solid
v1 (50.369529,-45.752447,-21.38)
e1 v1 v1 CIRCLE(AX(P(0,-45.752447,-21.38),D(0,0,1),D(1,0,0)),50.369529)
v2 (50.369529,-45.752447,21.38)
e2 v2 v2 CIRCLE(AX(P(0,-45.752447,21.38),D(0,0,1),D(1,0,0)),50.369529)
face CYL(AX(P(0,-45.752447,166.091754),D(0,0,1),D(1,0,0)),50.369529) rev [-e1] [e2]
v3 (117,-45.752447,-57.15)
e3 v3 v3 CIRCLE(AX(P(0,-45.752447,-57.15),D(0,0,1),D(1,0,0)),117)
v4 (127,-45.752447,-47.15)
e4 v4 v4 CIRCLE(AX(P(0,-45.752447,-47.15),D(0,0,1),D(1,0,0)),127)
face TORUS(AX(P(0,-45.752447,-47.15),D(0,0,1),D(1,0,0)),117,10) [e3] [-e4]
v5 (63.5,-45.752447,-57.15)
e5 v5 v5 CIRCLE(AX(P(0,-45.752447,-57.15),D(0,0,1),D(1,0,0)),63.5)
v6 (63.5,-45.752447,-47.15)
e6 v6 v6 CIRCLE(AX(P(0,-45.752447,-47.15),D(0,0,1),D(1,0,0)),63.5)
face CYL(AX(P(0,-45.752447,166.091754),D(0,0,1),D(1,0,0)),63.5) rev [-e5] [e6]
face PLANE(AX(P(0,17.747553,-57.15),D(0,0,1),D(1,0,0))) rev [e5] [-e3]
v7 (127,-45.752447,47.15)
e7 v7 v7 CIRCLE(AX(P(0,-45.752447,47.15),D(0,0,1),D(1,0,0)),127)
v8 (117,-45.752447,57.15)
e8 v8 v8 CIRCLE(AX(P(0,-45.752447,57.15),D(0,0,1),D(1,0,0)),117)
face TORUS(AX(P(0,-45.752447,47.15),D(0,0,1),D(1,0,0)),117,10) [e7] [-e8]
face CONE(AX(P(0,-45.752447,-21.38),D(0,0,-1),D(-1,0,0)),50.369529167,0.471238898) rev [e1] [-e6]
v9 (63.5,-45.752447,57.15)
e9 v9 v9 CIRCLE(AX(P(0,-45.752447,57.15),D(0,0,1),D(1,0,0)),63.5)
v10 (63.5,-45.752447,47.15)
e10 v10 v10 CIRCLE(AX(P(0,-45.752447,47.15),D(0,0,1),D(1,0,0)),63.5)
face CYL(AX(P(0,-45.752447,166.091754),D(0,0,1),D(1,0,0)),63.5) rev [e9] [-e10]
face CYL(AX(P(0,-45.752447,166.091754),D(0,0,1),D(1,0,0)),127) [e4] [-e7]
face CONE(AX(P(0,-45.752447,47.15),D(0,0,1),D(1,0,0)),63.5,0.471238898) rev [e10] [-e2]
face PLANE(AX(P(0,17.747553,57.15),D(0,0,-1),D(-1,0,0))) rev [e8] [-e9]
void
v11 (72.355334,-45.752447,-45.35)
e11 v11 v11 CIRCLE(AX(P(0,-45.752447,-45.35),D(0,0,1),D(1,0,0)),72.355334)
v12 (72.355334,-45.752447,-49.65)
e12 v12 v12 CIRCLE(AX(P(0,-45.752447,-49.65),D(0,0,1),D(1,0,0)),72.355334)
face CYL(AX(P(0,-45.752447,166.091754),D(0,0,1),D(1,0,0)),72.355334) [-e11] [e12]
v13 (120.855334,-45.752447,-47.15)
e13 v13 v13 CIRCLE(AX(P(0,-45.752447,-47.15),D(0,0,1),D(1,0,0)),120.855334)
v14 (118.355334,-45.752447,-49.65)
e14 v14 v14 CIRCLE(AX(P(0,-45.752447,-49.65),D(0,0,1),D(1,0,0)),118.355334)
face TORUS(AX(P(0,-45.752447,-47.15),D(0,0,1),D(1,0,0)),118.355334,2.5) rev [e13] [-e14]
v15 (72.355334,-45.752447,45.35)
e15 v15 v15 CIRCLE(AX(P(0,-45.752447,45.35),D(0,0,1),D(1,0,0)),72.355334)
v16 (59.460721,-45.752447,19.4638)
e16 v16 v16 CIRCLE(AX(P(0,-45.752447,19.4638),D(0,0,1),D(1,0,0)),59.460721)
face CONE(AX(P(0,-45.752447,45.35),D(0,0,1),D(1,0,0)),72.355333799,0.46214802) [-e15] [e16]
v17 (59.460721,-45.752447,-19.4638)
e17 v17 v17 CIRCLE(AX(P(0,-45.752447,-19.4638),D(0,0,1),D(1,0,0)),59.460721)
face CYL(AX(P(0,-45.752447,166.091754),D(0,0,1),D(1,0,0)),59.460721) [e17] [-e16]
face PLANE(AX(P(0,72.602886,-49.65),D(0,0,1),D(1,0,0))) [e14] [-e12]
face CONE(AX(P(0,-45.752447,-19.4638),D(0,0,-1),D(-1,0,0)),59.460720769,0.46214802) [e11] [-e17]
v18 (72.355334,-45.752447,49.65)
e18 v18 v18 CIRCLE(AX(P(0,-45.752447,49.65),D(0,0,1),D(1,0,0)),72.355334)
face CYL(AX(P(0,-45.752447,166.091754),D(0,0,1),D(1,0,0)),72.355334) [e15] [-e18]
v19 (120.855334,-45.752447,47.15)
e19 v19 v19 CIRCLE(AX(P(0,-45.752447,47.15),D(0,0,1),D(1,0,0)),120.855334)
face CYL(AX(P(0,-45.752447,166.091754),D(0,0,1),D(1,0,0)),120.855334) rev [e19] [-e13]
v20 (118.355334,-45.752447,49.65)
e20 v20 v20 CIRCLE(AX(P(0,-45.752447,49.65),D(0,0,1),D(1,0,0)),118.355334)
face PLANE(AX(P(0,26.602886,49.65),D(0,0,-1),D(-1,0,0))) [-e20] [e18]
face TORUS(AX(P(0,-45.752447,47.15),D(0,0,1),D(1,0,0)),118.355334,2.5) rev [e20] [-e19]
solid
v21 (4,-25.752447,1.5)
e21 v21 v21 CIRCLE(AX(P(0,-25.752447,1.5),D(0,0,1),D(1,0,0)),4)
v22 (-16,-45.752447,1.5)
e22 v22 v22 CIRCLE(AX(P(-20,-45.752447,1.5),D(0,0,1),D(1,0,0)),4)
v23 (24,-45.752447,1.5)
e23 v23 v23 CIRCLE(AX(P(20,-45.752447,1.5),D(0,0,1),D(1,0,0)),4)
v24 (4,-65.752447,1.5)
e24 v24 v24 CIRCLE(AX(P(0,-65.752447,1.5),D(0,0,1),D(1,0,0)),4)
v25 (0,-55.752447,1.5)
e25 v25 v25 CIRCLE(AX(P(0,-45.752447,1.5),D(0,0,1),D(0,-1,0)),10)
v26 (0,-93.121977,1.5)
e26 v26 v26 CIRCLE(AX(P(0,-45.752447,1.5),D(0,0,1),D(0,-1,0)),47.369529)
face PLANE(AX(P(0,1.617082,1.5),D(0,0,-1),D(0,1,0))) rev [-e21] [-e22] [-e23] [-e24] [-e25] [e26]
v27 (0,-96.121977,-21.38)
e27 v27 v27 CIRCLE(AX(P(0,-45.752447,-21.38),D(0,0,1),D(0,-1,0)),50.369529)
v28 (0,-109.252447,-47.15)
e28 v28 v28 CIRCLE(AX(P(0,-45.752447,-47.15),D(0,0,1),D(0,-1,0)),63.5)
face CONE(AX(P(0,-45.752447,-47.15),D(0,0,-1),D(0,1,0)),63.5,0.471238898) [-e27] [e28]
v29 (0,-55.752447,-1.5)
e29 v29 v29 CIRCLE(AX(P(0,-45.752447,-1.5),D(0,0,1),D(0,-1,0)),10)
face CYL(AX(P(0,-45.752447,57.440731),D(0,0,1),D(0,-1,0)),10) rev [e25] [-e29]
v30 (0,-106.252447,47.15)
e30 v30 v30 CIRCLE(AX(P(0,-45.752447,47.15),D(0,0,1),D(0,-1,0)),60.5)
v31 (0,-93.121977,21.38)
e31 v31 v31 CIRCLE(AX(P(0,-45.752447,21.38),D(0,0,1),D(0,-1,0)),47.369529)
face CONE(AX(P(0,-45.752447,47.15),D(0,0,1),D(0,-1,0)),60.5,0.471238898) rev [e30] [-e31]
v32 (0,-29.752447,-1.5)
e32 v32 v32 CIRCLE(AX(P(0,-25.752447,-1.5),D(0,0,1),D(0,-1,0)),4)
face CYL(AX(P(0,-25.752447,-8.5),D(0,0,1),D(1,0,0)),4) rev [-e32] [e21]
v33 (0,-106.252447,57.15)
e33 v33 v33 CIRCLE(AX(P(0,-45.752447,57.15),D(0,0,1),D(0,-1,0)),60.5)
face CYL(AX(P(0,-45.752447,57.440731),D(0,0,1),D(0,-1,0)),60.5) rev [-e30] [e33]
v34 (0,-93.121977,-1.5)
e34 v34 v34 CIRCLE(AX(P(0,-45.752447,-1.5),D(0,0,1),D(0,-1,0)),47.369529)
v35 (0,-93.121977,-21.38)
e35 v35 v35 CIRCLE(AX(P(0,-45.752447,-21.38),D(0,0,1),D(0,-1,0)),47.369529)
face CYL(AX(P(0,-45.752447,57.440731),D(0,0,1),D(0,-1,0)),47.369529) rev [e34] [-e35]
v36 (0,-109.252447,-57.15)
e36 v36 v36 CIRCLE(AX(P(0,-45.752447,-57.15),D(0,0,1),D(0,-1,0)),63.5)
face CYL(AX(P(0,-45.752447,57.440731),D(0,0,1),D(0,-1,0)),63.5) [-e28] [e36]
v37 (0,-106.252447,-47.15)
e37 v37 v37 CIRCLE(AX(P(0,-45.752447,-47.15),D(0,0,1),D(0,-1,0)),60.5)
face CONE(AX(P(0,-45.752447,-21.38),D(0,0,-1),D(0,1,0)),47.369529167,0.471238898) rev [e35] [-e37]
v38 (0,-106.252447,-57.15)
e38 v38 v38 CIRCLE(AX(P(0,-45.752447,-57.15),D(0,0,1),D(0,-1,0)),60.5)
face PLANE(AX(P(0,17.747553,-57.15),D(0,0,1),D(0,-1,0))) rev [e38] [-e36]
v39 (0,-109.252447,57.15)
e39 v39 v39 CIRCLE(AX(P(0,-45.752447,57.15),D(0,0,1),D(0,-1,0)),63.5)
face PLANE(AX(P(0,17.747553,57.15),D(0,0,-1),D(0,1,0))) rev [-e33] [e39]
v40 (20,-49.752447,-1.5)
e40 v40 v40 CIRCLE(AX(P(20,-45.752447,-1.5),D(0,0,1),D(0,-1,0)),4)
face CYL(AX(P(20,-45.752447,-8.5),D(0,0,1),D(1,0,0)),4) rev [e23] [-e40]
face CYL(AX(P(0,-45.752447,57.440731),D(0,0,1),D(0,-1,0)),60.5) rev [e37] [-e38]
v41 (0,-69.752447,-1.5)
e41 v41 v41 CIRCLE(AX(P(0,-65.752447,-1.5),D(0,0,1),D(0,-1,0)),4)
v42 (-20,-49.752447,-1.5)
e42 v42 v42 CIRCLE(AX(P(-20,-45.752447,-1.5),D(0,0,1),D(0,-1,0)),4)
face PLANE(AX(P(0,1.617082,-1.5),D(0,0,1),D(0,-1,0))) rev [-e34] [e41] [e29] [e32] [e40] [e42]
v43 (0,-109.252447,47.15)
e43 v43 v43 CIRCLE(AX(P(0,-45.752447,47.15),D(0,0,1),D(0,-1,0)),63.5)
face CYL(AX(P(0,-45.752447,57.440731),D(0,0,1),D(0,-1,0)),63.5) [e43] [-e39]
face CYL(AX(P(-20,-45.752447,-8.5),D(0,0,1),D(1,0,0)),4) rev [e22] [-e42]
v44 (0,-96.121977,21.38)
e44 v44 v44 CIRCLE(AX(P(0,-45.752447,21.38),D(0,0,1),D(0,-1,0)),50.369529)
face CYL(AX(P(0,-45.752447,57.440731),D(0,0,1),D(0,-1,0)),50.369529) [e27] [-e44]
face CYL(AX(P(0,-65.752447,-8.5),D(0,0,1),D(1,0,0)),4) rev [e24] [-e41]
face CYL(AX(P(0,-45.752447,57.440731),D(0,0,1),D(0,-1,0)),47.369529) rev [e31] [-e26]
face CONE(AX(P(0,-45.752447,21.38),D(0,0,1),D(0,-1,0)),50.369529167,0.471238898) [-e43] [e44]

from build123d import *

# Parameters (mm, degrees)
SKETCH3_R          = 4
CUT_EXTRUDE1_DEPTH = 10


with BuildPart() as part:
    # Sketch2 → Revolve1 (revolve)
    with BuildSketch(Plane(origin=(0, 0, 0), x_dir=(0, 0, -1), z_dir=(1, 0, 0)), mode=Mode.PRIVATE) as revolve1_sk:
        Polygon((21.38, 4.617081712), (-21.38, 4.617081712), (-47.15, 17.747552546), (-57.15, 17.747552546), (-57.15, 14.747552546), (-47.15, 14.747552546), (-21.38, 1.617081712), (-1.5, 1.617081712), (-1.5, -35.752447454), (1.5, -35.752447454), (1.5, 1.617081712), (21.38, 1.617081712), (47.15, 14.747552546), (57.15, 14.747552546), (57.15, 17.747552546), (47.15, 17.747552546), align=None)
    revolve(revolve1_sk.sketch.rotate(Axis((0, -45.752447454, 57.440730664), (0, 0, -1)), 180), axis=Axis((0, -45.752447454, 57.440730664), (0, 0, -1)))

    # Sketch3 → Cut-Extrude1 (cut)
    with BuildSketch(Plane.XY.offset(1.5)):
        with Locations((20, -45.752447454)):
            Circle(SKETCH3_R)
        with Locations((0, -25.752447454)):
            Circle(SKETCH3_R)
        with Locations((-20, -45.752447454)):
            Circle(SKETCH3_R)
        with Locations((0, -65.752447454)):
            Circle(SKETCH3_R)
    extrude(amount=-CUT_EXTRUDE1_DEPTH, mode=Mode.SUBTRACT)


with BuildPart() as body_2:
    # Sketch4 → Revolve2 (revolve)
    with BuildSketch(Plane(origin=(0, 0, 0), x_dir=(0, 0, -1), z_dir=(1, 0, 0)), mode=Mode.PRIVATE) as revolve2_sk:
        with BuildLine():
            Line((-47.15, 81.247552546), (47.15, 81.247552546))
            ThreePointArc((47.15, 81.247552546), (54.221067812, 78.318620357), (57.15, 71.247552546))
            Line((57.15, 71.247552546), (57.15, 17.747552546))
            Line((57.15, 17.747552546), (47.15, 17.747552546))
            Line((47.15, 17.747552546), (21.38, 4.617081712))
            Line((21.38, 4.617081712), (-21.38, 4.617081712))
            Line((-21.38, 4.617081712), (-47.15, 17.747552546))
            Line((-47.15, 17.747552546), (-57.15, 17.747552546))
            Line((-57.15, 17.747552546), (-57.15, 71.247552546))
            ThreePointArc((-57.15, 71.247552546), (-54.221067812, 78.318620357), (-47.15, 81.247552546))
        make_face()
        with BuildLine():
            Line((-47.15, 75.102886344), (47.15, 75.102886344))
            ThreePointArc((47.15, 75.102886344), (48.917766953, 74.370653297), (49.65, 72.602886344))
            Line((49.65, 72.602886344), (49.65, 26.602886344))
            Line((49.65, 26.602886344), (45.35, 26.602886344))
            Line((45.35, 26.602886344), (19.463799916, 13.708273315))
            Line((19.463799916, 13.708273315), (-19.463799916, 13.708273315))
            Line((-19.463799916, 13.708273315), (-45.35, 26.602886344))
            Line((-45.35, 26.602886344), (-49.65, 26.602886344))
            Line((-49.65, 26.602886344), (-49.65, 72.602886344))
            ThreePointArc((-49.65, 72.602886344), (-48.917766953, 74.370653297), (-47.15, 75.102886344))
        make_face(mode=Mode.SUBTRACT)
    revolve(revolve2_sk.sketch.rotate(Axis((0, -45.752447454, 166.091754176), (0, 0, -1)), 90), axis=Axis((0, -45.752447454, 166.091754176), (0, 0, -1)))


solid = Compound([part.part, body_2.part])
